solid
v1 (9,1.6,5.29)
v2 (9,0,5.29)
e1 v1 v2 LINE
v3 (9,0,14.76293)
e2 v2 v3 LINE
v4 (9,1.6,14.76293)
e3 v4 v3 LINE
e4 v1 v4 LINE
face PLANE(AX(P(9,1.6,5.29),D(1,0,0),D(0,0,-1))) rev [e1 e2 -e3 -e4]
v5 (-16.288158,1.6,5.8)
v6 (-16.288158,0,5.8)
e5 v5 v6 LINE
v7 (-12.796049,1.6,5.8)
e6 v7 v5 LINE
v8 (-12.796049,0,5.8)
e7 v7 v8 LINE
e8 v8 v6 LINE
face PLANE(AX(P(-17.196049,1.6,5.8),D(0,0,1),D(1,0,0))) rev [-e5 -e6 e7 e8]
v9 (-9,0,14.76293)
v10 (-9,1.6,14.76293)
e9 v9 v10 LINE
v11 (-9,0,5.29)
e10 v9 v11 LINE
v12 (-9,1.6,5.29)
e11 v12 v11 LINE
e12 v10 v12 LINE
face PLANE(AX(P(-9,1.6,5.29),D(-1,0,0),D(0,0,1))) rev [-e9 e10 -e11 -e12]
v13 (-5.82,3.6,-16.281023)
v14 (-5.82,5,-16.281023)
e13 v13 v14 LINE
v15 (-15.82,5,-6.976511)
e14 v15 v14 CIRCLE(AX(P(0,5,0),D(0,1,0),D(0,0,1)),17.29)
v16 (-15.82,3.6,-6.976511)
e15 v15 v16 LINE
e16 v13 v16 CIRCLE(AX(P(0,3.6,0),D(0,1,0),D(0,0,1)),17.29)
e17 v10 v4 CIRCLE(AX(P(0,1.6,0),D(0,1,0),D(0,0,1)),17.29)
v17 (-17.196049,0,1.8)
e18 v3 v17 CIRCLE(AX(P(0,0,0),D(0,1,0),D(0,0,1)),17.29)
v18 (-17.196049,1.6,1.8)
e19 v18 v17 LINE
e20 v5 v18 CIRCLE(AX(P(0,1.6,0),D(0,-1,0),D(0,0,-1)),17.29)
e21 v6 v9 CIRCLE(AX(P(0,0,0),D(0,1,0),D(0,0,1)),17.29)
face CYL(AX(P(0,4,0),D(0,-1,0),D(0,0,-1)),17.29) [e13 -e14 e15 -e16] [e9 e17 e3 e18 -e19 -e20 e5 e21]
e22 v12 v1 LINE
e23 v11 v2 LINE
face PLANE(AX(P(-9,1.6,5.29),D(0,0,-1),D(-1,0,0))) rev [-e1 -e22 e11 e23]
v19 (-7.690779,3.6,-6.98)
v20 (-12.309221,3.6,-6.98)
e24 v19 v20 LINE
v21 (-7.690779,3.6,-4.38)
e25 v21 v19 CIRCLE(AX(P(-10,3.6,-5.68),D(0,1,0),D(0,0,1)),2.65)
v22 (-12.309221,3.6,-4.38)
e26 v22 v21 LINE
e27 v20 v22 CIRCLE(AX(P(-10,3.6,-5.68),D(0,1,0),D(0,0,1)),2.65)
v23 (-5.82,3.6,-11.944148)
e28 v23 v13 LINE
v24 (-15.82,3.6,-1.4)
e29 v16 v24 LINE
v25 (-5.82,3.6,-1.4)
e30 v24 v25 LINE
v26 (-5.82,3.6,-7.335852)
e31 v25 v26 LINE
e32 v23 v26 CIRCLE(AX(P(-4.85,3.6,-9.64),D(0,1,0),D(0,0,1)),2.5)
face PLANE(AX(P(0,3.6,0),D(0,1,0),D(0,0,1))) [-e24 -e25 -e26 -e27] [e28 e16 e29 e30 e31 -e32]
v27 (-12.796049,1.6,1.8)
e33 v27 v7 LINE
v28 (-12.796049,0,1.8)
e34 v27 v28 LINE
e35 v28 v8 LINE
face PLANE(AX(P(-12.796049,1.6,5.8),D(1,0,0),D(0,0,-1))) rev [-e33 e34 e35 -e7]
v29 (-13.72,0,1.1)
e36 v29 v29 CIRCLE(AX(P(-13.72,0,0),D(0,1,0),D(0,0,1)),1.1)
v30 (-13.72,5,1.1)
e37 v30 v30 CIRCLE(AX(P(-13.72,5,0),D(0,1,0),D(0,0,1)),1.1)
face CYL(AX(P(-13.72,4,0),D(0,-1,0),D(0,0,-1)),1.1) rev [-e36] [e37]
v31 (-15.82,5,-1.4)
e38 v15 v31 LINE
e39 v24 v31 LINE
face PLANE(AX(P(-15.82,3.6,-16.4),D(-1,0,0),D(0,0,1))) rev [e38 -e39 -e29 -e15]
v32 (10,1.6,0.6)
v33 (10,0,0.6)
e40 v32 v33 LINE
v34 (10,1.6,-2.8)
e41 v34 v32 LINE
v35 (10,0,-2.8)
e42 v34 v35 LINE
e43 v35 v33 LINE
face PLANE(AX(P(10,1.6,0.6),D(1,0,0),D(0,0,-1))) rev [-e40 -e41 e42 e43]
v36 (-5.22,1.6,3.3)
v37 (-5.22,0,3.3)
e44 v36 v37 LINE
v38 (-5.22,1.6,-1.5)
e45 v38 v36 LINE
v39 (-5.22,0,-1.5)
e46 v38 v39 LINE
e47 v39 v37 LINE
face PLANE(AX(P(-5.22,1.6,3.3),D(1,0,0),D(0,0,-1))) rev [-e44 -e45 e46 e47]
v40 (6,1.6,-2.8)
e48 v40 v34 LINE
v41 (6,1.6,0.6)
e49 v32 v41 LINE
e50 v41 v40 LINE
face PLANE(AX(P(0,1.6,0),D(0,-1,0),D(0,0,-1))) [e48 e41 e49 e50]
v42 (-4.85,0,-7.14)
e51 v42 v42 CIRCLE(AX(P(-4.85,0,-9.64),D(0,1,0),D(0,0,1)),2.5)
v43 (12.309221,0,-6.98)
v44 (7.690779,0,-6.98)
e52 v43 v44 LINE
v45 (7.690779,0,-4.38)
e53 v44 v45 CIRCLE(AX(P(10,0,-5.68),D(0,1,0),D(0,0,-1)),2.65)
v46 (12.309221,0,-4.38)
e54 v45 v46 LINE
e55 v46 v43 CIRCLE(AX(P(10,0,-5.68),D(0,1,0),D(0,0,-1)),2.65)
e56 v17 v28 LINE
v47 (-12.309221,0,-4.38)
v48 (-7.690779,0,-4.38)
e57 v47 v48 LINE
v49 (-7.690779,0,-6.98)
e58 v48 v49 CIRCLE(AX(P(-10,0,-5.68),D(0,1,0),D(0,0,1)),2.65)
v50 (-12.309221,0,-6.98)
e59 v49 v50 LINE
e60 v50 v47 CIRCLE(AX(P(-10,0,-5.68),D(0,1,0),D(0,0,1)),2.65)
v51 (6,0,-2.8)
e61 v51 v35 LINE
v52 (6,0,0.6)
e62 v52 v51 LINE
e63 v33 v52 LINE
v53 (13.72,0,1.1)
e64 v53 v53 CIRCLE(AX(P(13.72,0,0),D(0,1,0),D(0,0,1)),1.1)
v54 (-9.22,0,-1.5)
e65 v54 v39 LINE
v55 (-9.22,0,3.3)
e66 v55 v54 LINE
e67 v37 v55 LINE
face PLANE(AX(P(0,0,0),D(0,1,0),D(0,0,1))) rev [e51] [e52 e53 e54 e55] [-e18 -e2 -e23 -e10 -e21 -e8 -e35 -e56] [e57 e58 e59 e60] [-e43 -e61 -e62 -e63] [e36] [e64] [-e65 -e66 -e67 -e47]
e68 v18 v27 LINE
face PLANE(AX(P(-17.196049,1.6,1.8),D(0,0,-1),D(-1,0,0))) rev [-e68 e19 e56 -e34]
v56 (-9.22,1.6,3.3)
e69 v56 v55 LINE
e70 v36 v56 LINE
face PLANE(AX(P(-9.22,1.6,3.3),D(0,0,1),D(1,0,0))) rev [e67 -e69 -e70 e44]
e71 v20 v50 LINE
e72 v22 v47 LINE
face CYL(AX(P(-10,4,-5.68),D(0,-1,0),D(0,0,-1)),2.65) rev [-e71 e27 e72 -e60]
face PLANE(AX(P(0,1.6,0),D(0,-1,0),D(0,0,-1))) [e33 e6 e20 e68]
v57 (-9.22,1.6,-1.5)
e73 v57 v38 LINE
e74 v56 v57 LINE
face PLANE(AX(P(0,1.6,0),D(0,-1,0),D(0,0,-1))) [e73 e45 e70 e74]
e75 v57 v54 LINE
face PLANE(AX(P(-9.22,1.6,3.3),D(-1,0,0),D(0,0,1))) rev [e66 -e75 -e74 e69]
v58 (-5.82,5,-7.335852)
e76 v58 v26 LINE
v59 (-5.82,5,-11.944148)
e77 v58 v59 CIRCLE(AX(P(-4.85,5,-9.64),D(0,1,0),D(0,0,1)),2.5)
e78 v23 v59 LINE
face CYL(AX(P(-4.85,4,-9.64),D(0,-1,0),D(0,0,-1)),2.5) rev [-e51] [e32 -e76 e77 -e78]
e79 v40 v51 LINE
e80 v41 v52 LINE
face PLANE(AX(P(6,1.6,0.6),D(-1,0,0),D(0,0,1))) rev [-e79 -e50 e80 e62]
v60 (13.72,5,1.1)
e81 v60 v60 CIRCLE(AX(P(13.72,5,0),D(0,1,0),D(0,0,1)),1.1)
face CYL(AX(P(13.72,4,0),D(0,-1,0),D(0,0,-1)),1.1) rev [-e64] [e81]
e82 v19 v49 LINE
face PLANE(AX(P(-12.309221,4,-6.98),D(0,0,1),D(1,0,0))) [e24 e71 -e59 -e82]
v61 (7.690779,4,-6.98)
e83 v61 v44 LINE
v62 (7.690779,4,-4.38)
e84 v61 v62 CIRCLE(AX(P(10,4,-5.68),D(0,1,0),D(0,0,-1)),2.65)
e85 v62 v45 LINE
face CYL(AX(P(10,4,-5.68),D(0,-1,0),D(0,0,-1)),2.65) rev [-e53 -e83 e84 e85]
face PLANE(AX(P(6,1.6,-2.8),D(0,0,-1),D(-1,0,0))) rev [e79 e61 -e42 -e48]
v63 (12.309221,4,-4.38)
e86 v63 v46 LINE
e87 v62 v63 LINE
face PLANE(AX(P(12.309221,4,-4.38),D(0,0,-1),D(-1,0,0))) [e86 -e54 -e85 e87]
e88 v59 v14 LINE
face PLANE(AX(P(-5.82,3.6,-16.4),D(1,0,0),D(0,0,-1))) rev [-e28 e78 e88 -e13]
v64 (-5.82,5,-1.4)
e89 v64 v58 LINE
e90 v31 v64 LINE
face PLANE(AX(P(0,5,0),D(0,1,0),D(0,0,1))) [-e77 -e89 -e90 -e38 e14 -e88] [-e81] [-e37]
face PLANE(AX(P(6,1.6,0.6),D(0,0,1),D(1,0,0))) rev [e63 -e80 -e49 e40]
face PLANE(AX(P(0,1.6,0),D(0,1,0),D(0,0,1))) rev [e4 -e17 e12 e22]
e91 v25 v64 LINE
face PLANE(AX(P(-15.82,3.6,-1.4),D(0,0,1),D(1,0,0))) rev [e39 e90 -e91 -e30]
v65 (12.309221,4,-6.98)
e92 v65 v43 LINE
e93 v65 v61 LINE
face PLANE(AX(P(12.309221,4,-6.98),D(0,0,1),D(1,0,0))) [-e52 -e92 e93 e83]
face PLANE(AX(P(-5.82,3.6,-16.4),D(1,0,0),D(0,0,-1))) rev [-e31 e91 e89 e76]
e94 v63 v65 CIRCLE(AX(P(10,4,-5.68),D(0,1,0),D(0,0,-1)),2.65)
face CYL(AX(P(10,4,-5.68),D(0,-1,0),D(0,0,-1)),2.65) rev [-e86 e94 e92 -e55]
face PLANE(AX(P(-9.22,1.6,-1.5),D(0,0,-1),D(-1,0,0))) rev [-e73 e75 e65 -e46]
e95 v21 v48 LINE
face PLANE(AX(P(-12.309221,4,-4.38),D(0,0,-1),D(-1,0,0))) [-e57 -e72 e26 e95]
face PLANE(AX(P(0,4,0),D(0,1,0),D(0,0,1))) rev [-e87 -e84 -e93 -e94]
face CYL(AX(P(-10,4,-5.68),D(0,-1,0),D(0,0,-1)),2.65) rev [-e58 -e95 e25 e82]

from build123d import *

# Parameters (mm, degrees)
SKETCH_1_R          = 17.29
SKETCH_1_R_2        = 1.1
SKETCH_1_R_3        = 2.5
EXTRUDE_1_DEPTH     = 4
SKETCH_2_W          = 4
SKETCH_2_H          = 4.8
SKETCH_2_H_2        = 3.4
SKETCH_2_W_2        = 4.4
SKETCH_2_H_3        = 4
SKETCH_2_W_3        = 18
SKETCH_2_H_4        = 12
CUT_EXTRUDE_1_DEPTH = 1.6
SKETCH_3_R          = 17.29
SKETCH_3_R_2        = 2.5
SKETCH_3_R_3        = 1.1
EXTRUDE_2_DEPTH     = 1
SKETCH_4_W          = 10
SKETCH_4_H          = 15
CUT_EXTRUDE_2_DEPTH = 1.4


with BuildPart() as part:
    # 草图1 → 凸台-拉伸1 (new body)
    with BuildSketch(Plane(origin=(0, 0, 0), x_dir=(1, 0, 0), z_dir=(0, 1, 0))):
        with Locations(Location((0, 0, 0), (0, 0, 270))):
            Circle(SKETCH_1_R)
        with Locations(Location((-13.72, 0, 0), (0, 0, 270))):
            Circle(SKETCH_1_R_2, mode=Mode.SUBTRACT)
        with Locations(Location((13.72, 0, 0), (0, 0, 270))):
            Circle(SKETCH_1_R_2, mode=Mode.SUBTRACT)
        with Locations(Location((-4.85, 9.64, 0), (0, 0, 270))):
            Circle(SKETCH_1_R_3, mode=Mode.SUBTRACT)
        with BuildLine():
            Line((-12.309220648, 6.98), (-7.690779352, 6.98))
            ThreePointArc((-7.690779352, 6.98), (-7.35, 5.68), (-7.690779352, 4.38))
            Line((-7.690779352, 4.38), (-12.309220648, 4.38))
            ThreePointArc((-12.309220648, 4.38), (-12.65, 5.68), (-12.309220648, 6.98))
        make_face(mode=Mode.SUBTRACT)
        with BuildLine():
            Line((12.309220648, 6.98), (7.690779352, 6.98))
            ThreePointArc((7.690779352, 6.98), (7.35, 5.68), (7.690779352, 4.38))
            Line((7.690779352, 4.38), (12.309220648, 4.38))
            ThreePointArc((12.309220648, 4.38), (12.65, 5.68), (12.309220648, 6.98))
        make_face(mode=Mode.SUBTRACT)
    extrude(amount=EXTRUDE_1_DEPTH)

    # 草图2 → 切除-拉伸1 (cut)
    with BuildSketch(Plane.XZ):
        with Locations((-7.22, 0.9)):
            Rectangle(SKETCH_2_W, SKETCH_2_H)
        with Locations((8, -1.1)):
            Rectangle(SKETCH_2_W, SKETCH_2_H_2)
        with Locations((-14.996048965, 3.8)):
            Rectangle(SKETCH_2_W_2, SKETCH_2_H_3)
        with Locations((0, 11.29)):
            Rectangle(SKETCH_2_W_3, SKETCH_2_H_4)
    extrude(amount=-CUT_EXTRUDE_1_DEPTH, mode=Mode.SUBTRACT)

    # 草图3 → 凸台-拉伸2 (add)
    with BuildSketch(Plane(origin=(0, 4, 0), x_dir=(1, 0, 0), z_dir=(0, 1, 0))):
        with Locations(Location((0, 0, 0), (0, 0, 185.97568604))):
            Circle(SKETCH_3_R)
        with Locations(Location((-4.85, 9.64, 0), (0, 0, 270))):
            Circle(SKETCH_3_R_2, mode=Mode.SUBTRACT)
        with Locations(Location((-13.72, 0, 0), (0, 0, 270))):
            Circle(SKETCH_3_R_3, mode=Mode.SUBTRACT)
        with Locations(Location((13.72, 0, 0), (0, 0, 270))):
            Circle(SKETCH_3_R_3, mode=Mode.SUBTRACT)
    extrude(amount=EXTRUDE_2_DEPTH)

    # 草图4 → 切除-拉伸2 (cut)
    with BuildSketch(Plane(origin=(0, 5, 0), x_dir=(1, 0, 0), z_dir=(0, 1, 0))):
        with Locations((-10.82, 8.9)):
            Rectangle(SKETCH_4_W, SKETCH_4_H)
    extrude(amount=-CUT_EXTRUDE_2_DEPTH, mode=Mode.SUBTRACT)


solid = part.part
